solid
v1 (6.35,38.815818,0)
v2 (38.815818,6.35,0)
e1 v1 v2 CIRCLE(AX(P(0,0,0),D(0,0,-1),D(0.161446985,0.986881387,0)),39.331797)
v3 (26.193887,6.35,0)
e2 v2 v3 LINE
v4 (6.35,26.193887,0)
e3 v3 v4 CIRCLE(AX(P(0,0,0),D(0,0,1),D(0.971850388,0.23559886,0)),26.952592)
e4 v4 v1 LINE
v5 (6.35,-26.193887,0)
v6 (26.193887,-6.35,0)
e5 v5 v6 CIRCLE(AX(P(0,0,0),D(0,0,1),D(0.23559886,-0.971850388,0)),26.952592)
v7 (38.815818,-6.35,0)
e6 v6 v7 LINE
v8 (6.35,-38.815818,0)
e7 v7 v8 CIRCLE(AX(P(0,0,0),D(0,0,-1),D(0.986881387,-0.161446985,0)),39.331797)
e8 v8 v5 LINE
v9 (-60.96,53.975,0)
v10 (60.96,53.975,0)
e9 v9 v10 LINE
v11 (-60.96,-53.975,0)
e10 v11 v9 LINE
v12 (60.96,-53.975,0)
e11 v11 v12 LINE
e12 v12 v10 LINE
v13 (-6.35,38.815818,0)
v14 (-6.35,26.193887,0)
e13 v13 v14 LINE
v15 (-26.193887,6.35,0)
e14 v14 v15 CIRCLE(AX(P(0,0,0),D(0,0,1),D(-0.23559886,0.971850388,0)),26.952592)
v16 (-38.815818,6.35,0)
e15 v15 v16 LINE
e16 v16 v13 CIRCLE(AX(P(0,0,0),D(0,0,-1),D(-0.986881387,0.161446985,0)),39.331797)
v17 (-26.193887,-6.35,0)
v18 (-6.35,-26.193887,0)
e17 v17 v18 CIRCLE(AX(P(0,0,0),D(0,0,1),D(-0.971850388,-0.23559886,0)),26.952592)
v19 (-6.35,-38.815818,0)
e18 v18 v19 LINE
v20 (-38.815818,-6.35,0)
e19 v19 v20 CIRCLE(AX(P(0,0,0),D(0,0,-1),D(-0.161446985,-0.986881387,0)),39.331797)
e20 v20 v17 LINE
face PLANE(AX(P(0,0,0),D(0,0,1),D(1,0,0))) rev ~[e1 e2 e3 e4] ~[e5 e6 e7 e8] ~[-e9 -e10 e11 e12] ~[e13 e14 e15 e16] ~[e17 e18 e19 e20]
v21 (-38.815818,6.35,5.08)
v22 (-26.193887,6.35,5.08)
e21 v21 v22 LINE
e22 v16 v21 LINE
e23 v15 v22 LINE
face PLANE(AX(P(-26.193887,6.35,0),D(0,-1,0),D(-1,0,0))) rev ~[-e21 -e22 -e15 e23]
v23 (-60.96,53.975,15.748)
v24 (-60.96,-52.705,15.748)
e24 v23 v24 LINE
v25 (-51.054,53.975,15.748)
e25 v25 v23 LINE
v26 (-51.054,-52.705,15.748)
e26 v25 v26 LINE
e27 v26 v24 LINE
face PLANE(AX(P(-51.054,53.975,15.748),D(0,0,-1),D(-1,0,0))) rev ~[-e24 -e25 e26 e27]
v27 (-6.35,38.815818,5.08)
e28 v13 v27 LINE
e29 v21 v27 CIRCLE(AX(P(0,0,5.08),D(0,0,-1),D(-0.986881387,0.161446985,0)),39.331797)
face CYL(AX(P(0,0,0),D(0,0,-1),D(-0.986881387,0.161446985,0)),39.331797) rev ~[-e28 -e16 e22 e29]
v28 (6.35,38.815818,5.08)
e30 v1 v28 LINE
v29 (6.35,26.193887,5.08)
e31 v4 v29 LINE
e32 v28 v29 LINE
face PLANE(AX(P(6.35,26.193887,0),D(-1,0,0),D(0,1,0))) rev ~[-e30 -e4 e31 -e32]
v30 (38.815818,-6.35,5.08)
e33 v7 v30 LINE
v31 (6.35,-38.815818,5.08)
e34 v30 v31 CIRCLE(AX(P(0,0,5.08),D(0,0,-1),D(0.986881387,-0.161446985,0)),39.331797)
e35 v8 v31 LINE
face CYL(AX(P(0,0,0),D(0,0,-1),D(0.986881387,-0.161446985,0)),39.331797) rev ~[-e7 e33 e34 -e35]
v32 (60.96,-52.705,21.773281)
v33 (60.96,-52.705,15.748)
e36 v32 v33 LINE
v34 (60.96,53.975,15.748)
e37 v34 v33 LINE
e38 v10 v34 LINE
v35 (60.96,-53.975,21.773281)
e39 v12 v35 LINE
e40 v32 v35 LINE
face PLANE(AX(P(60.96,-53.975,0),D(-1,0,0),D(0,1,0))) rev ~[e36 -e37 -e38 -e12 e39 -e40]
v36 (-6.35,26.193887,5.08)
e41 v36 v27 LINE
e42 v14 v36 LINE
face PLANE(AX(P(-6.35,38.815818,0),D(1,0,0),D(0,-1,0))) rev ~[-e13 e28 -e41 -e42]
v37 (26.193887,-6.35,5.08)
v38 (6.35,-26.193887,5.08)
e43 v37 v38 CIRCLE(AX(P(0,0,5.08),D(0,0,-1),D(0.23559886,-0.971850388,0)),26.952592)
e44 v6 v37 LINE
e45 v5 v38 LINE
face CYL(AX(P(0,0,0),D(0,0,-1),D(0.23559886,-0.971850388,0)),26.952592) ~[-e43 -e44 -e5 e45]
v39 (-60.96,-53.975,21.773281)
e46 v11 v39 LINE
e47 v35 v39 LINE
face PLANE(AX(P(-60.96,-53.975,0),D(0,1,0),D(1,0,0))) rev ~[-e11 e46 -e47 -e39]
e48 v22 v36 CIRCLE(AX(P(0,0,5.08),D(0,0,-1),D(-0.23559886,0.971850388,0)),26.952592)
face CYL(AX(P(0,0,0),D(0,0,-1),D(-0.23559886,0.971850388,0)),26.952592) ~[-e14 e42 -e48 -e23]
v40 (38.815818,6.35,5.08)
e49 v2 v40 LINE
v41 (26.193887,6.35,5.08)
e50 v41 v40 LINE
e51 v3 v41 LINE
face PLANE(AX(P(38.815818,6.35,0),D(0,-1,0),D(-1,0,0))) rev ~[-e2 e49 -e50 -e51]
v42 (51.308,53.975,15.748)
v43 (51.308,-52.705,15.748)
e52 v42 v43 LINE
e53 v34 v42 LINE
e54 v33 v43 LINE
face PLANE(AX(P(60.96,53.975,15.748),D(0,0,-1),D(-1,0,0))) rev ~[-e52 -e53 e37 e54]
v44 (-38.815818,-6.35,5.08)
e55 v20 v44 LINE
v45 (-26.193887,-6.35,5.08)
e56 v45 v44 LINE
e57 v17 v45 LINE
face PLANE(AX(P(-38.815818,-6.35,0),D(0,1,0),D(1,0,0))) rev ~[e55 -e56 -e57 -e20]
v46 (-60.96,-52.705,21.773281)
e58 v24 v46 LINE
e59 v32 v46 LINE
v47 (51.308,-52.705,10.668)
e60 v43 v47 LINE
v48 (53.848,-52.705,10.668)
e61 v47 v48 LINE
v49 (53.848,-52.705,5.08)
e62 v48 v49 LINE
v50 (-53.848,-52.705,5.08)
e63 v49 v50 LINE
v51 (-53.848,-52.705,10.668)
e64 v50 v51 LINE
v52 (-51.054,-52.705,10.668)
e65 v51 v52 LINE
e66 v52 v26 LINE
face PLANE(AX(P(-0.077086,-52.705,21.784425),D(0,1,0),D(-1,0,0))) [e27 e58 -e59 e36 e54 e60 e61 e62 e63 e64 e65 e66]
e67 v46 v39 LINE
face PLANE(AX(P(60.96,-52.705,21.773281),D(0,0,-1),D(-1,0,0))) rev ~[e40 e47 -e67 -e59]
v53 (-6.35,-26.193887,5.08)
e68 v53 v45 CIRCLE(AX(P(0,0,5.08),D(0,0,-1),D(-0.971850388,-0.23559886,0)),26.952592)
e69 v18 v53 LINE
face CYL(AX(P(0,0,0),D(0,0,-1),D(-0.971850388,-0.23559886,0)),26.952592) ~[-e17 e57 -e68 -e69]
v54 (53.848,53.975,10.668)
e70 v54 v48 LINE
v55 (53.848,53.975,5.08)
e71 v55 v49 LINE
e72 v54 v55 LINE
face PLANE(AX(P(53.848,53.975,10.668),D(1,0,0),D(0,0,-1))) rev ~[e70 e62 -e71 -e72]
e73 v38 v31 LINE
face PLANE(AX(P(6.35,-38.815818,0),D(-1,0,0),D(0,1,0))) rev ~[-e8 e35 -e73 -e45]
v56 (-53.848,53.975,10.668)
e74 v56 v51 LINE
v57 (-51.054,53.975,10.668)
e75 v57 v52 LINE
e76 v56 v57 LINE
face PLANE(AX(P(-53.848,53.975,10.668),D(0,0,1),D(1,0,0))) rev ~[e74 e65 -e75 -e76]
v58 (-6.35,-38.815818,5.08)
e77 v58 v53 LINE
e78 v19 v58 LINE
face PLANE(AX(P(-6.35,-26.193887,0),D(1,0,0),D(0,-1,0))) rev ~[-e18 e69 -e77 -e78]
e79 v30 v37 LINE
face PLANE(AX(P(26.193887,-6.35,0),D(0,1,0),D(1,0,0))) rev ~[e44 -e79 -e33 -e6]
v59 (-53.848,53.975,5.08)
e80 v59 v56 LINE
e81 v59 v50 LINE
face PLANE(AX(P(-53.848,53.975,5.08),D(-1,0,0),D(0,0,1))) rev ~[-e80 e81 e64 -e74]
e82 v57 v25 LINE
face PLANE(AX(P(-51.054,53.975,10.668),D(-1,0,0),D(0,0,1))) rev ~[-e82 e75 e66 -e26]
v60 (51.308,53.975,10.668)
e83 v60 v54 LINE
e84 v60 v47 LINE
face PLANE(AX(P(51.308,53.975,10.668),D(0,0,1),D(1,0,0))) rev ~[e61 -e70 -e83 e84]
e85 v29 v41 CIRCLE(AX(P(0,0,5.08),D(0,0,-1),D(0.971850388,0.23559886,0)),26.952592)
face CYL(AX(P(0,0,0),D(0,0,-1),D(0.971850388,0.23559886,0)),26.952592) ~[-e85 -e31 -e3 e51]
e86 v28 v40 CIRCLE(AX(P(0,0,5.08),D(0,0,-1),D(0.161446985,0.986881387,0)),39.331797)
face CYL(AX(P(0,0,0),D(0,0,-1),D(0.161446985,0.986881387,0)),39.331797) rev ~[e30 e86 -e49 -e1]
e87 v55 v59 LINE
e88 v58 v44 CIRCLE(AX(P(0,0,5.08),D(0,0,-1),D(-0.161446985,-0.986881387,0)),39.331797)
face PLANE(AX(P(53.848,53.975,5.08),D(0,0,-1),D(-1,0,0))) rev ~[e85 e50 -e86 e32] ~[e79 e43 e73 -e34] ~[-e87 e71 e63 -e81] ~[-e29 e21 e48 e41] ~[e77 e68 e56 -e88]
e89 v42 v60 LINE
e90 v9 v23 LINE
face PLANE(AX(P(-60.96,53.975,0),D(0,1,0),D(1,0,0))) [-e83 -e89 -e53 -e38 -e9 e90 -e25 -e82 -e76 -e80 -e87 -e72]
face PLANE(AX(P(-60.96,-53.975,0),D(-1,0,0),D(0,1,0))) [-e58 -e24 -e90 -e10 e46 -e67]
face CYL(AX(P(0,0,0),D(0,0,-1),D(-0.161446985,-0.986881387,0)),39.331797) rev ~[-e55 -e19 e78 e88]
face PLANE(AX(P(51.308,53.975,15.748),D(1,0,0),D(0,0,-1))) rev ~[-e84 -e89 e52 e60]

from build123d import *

# Parameters (mm, degrees)
F0_W      = 121.92
F0_H      = 107.95
F1_DEPTH  = 38.1
F2_W      = 101.854
F2_H      = 101.854
F3_DEPTH  = 30.48
F5_DEPTH  = 25.4
F7_DEPTH  = 106.68
F8_W      = 121.92
F8_H      = 16.3267194241
F9_DEPTH  = 25.4
F10_DEPTH = 25.4


with BuildPart() as f1:
    # F0 (on Top) → F1 (new body)
    with BuildSketch(Plane.XY):
        Rectangle(F0_W, F0_H)
    extrude(amount=F1_DEPTH)

    # F2 (on face) → F3 (cut)
    with BuildSketch(Plane.XY.offset(38.1)):
        Rectangle(F2_W, F2_H)
    extrude(amount=-F3_DEPTH, mode=Mode.SUBTRACT)

    # F4 (on face) → F5 (cut)
    with BuildSketch(Plane(origin=(0, 0, 0), x_dir=(1, 0, 0), z_dir=(0, 0, -1))):
        with BuildLine():
            Line((-6.35, 26.193887236), (-6.35, 38.8158181091))
            ThreePointArc((-6.35, 38.8158181091), (-27.8117801972, 27.8117801972), (-38.8158181091, 6.35))
            Line((-38.8158181091, 6.35), (-26.193887236, 6.35))
            ThreePointArc((-26.193887236, 6.35), (-19.0583607445, 19.0583607445), (-6.35, 26.193887236))
        make_face()
        with BuildLine():
            Line((-26.193887236, -6.35), (-38.8158181091, -6.35))
            ThreePointArc((-38.8158181091, -6.35), (-27.8117801972, -27.8117801972), (-6.35, -38.8158181091))
            Line((-6.35, -38.8158181091), (-6.35, -26.193887236))
            ThreePointArc((-6.35, -26.193887236), (-19.0583607445, -19.0583607445), (-26.193887236, -6.35))
        make_face()
        with BuildLine():
            ThreePointArc((38.8158181091, 6.35), (27.8117801972, 27.8117801972), (6.35, 38.8158181091))
            Line((6.35, 38.8158181091), (6.35, 26.193887236))
            ThreePointArc((6.35, 26.193887236), (19.0583607445, 19.0583607445), (26.193887236, 6.35))
            Line((26.193887236, 6.35), (38.8158181091, 6.35))
        make_face()
        with BuildLine():
            ThreePointArc((26.193887236, -6.35), (19.0583607445, -19.0583607445), (6.35, -26.193887236))
            Line((6.35, -26.193887236), (6.35, -38.8158181091))
            ThreePointArc((6.35, -38.8158181091), (27.8117801972, -27.8117801972), (38.8158181091, -6.35))
            Line((38.8158181091, -6.35), (26.193887236, -6.35))
        make_face()
    extrude(amount=-F5_DEPTH, mode=Mode.SUBTRACT)

    # F6 (on face) → F7 (cut)
    with BuildSketch(Plane(origin=(0, 53.975, 0), x_dir=(-1, 0, 0), z_dir=(0, 1, 0))):
        Polygon((60.96, 15.748), (60.96, 38.1), (-60.96, 38.1), (-60.96, 15.748), (-51.308, 15.748), (-51.308, 10.668), (-53.848, 10.668), (-53.848, 5.08), (53.848, 5.08), (53.848, 10.668), (51.054, 10.668), (51.054, 15.748), align=None)
    extrude(amount=-F7_DEPTH, mode=Mode.SUBTRACT)

    # F8 (on face) → F9 (cut)
    with BuildSketch(Plane(origin=(0, -52.705, 0), x_dir=(-1, 0, 0), z_dir=(0, 1, 0))):
        with Locations((0, 29.9366402879)):
            Rectangle(F8_W, F8_H)
    extrude(amount=-F9_DEPTH, mode=Mode.SUBTRACT)

    # F4 (on face) → F10 (cut)
    with BuildSketch(Plane(origin=(0, 0, 0), x_dir=(1, 0, 0), z_dir=(0, 0, -1))):
        with BuildLine():
            Line((-6.35, 26.193887236), (-6.35, 38.8158181091))
            ThreePointArc((-6.35, 38.8158181091), (-27.8117801972, 27.8117801972), (-38.8158181091, 6.35))
            Line((-38.8158181091, 6.35), (-26.193887236, 6.35))
            ThreePointArc((-26.193887236, 6.35), (-19.0583607445, 19.0583607445), (-6.35, 26.193887236))
        make_face()
        with BuildLine():
            Line((-26.193887236, -6.35), (-38.8158181091, -6.35))
            ThreePointArc((-38.8158181091, -6.35), (-27.8117801972, -27.8117801972), (-6.35, -38.8158181091))
            Line((-6.35, -38.8158181091), (-6.35, -26.193887236))
            ThreePointArc((-6.35, -26.193887236), (-19.0583607445, -19.0583607445), (-26.193887236, -6.35))
        make_face()
        with BuildLine():
            ThreePointArc((38.8158181091, 6.35), (27.8117801972, 27.8117801972), (6.35, 38.8158181091))
            Line((6.35, 38.8158181091), (6.35, 26.193887236))
            ThreePointArc((6.35, 26.193887236), (19.0583607445, 19.0583607445), (26.193887236, 6.35))
            Line((26.193887236, 6.35), (38.8158181091, 6.35))
        make_face()
        with BuildLine():
            ThreePointArc((26.193887236, -6.35), (19.0583607445, -19.0583607445), (6.35, -26.193887236))
            Line((6.35, -26.193887236), (6.35, -38.8158181091))
            ThreePointArc((6.35, -38.8158181091), (27.8117801972, -27.8117801972), (38.8158181091, -6.35))
            Line((38.8158181091, -6.35), (26.193887236, -6.35))
        make_face()
    extrude(amount=-F10_DEPTH, mode=Mode.SUBTRACT)


solid = f1.part
